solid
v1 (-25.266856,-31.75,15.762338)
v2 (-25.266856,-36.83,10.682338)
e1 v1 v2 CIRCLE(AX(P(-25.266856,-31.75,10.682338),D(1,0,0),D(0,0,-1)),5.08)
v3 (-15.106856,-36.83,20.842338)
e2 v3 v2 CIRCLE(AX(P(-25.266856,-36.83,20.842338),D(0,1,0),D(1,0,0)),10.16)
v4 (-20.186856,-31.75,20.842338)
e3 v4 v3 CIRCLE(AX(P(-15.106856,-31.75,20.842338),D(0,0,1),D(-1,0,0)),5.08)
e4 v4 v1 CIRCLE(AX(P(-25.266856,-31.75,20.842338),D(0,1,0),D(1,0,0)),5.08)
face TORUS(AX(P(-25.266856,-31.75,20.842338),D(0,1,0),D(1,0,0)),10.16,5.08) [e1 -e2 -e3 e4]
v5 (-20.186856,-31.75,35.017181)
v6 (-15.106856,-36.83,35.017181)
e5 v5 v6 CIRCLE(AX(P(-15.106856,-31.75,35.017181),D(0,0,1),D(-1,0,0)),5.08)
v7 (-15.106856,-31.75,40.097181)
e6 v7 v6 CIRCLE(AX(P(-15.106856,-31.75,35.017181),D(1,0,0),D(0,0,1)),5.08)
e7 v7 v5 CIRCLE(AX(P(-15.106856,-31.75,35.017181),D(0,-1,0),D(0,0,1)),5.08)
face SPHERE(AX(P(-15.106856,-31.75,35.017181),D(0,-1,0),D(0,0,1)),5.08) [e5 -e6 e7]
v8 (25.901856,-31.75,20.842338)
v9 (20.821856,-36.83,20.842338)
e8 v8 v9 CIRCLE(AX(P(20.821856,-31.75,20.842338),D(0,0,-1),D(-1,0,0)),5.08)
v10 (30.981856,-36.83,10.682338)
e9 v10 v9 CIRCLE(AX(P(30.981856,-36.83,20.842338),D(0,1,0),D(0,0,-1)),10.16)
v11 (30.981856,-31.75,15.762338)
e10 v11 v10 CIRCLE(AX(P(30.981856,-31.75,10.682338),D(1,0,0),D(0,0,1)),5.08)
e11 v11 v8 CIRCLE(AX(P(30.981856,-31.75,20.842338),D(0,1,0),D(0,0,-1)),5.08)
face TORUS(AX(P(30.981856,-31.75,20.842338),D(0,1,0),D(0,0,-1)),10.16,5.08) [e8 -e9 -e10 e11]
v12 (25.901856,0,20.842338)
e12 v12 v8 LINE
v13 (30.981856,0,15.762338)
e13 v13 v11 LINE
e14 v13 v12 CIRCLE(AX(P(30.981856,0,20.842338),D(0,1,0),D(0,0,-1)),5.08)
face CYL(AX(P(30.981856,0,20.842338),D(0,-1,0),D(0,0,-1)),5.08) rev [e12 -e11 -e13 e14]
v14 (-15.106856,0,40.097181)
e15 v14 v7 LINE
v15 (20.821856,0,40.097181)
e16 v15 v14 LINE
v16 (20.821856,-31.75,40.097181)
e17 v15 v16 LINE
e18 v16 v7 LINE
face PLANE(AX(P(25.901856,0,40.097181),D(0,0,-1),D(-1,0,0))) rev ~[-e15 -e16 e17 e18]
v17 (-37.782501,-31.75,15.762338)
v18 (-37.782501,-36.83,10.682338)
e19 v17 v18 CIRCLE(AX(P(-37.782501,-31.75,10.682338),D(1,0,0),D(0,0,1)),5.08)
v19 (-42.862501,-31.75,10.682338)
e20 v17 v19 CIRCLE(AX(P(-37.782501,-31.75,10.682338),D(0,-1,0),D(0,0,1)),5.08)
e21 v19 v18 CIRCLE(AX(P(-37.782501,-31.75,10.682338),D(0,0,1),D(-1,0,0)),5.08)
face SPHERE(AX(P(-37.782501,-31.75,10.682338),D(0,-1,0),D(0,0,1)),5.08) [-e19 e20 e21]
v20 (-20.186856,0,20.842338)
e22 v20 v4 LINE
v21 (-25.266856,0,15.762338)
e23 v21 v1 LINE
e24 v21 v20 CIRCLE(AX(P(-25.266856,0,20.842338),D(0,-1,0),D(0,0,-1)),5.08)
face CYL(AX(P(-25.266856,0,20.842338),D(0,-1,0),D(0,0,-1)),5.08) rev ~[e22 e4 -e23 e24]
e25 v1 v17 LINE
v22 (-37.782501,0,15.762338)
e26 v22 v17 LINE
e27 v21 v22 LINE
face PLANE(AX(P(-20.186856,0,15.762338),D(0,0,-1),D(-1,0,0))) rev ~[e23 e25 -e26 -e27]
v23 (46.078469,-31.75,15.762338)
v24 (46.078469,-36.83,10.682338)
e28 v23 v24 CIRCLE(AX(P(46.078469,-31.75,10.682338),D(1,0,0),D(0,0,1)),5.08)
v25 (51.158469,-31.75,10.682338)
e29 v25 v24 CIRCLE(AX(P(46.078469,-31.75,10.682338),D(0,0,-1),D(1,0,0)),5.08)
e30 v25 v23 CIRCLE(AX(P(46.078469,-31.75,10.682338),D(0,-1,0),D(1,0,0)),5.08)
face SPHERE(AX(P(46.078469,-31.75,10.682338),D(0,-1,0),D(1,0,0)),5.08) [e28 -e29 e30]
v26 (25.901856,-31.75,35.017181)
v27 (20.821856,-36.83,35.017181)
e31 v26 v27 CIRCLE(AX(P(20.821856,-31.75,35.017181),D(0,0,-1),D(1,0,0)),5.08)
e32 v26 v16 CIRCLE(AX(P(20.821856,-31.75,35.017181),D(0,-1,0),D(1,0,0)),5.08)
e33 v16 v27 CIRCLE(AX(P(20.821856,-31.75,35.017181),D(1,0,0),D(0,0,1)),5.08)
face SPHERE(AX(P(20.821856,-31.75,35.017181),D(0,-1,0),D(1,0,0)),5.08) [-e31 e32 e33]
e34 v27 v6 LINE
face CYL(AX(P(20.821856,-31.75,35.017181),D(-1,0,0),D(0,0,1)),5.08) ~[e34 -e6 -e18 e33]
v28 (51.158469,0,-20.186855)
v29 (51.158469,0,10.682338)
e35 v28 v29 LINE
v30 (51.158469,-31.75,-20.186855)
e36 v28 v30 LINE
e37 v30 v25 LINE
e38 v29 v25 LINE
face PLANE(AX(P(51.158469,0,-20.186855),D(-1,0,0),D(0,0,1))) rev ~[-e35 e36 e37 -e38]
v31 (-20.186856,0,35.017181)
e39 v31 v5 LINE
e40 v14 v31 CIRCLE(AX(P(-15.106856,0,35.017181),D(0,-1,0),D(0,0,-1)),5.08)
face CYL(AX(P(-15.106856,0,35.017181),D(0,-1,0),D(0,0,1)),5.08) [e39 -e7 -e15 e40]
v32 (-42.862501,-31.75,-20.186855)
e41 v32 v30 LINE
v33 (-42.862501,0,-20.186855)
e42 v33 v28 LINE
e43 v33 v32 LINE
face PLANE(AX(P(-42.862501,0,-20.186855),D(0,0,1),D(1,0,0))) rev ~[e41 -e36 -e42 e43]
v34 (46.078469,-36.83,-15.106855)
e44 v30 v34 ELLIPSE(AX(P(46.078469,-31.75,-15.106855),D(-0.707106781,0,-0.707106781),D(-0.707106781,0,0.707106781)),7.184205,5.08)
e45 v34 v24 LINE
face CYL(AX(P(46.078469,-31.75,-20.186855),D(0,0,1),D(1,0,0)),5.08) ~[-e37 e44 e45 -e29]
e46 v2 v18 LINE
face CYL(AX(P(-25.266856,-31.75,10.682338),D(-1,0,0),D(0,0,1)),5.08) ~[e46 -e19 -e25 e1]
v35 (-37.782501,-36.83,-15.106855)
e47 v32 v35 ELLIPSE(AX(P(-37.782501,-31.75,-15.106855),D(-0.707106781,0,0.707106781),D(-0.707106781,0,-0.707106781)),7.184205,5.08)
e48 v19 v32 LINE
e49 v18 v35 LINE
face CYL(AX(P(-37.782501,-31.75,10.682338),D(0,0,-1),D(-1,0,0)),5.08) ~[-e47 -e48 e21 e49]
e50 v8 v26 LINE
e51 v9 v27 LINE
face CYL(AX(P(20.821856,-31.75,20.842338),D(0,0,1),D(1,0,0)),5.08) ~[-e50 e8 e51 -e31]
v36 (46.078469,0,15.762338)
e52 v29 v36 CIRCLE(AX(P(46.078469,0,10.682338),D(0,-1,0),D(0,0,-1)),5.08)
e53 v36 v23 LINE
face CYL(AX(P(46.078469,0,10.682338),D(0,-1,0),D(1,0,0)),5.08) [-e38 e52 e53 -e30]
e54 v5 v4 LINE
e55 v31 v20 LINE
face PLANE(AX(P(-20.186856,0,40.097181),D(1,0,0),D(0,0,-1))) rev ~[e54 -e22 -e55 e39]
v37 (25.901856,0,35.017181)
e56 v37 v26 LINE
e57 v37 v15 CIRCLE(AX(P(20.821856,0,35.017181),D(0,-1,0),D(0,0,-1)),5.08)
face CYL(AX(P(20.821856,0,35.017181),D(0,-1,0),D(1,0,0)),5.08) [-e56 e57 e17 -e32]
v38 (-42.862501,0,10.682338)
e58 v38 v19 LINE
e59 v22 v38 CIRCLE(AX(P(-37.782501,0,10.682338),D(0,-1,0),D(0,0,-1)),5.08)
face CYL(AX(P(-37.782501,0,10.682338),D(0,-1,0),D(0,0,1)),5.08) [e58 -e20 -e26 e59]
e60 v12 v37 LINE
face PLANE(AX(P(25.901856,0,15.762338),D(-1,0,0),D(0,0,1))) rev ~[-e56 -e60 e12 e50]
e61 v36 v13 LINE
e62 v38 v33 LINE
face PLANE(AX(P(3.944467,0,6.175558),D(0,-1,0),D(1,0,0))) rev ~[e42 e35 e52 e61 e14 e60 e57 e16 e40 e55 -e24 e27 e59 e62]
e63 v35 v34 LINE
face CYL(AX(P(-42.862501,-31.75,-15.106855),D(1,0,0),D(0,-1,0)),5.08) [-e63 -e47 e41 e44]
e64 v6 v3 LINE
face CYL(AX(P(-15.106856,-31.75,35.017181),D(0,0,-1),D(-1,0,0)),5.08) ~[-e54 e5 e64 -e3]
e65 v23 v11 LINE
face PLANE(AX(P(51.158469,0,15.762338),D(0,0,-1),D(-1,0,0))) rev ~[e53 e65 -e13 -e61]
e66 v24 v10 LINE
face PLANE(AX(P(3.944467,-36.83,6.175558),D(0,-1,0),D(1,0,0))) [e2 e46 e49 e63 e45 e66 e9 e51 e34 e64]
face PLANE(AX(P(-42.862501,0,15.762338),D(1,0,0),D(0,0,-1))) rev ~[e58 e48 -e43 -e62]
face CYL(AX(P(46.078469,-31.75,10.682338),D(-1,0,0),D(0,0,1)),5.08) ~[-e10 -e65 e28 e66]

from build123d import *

# Parameters (mm, degrees)
F1_DEPTH = 36.83
F2_R     = 5.08
F3_R     = 5.08


with BuildPart() as f1:
    # F0 (on Front) → F1 (new body)
    with BuildSketch(Plane.XZ):
        Polygon((-20.186856, 15.762338), (-42.862501, 15.762338), (-42.862501, -20.186855), (51.158469, -20.186855), (51.158469, 15.762338), (25.901856, 15.762338), (25.901856, 40.097181), (-20.186856, 40.097181), align=None)
    extrude(amount=F1_DEPTH)

    # F2
    f2_edges = [f1.edges().sort_by_distance(p)[0] for p in [
        (25.901856, -18.415, 40.097181),
        (-20.186856, -18.415, 40.097181),
        (51.158469, -18.415, 15.762338),
        (25.901856, -18.415, 15.762338),
        (-20.186856, -18.415, 15.762338),
        (-42.862501, -18.415, 15.762338),
    ]]
    fillet(f2_edges, radius=F2_R)

    # F3
    f3_edges = [f1.edges().sort_by_distance(p)[0] for p in [
        (-31.524679, -36.83, 15.762338),
        (-21.674754, -36.83, 17.250236),
        (-41.374603, -36.83, 14.274441),
        (-20.186856, -36.83, 27.92976),
        (-42.862501, -36.83, -4.752258),
        (-18.698959, -36.83, 38.609283),
        (4.147984, -36.83, -20.186855),
        (2.8575, -36.83, 40.097181),
        (51.158469, -36.83, -4.752258),
        (24.413958, -36.83, 38.609283),
        (49.670572, -36.83, 14.274441),
        (25.901856, -36.83, 27.92976),
        (38.530163, -36.83, 15.762338),
        (27.389753, -36.83, 17.250236),
    ]]
    fillet(f3_edges, radius=F3_R)


solid = f1.part
